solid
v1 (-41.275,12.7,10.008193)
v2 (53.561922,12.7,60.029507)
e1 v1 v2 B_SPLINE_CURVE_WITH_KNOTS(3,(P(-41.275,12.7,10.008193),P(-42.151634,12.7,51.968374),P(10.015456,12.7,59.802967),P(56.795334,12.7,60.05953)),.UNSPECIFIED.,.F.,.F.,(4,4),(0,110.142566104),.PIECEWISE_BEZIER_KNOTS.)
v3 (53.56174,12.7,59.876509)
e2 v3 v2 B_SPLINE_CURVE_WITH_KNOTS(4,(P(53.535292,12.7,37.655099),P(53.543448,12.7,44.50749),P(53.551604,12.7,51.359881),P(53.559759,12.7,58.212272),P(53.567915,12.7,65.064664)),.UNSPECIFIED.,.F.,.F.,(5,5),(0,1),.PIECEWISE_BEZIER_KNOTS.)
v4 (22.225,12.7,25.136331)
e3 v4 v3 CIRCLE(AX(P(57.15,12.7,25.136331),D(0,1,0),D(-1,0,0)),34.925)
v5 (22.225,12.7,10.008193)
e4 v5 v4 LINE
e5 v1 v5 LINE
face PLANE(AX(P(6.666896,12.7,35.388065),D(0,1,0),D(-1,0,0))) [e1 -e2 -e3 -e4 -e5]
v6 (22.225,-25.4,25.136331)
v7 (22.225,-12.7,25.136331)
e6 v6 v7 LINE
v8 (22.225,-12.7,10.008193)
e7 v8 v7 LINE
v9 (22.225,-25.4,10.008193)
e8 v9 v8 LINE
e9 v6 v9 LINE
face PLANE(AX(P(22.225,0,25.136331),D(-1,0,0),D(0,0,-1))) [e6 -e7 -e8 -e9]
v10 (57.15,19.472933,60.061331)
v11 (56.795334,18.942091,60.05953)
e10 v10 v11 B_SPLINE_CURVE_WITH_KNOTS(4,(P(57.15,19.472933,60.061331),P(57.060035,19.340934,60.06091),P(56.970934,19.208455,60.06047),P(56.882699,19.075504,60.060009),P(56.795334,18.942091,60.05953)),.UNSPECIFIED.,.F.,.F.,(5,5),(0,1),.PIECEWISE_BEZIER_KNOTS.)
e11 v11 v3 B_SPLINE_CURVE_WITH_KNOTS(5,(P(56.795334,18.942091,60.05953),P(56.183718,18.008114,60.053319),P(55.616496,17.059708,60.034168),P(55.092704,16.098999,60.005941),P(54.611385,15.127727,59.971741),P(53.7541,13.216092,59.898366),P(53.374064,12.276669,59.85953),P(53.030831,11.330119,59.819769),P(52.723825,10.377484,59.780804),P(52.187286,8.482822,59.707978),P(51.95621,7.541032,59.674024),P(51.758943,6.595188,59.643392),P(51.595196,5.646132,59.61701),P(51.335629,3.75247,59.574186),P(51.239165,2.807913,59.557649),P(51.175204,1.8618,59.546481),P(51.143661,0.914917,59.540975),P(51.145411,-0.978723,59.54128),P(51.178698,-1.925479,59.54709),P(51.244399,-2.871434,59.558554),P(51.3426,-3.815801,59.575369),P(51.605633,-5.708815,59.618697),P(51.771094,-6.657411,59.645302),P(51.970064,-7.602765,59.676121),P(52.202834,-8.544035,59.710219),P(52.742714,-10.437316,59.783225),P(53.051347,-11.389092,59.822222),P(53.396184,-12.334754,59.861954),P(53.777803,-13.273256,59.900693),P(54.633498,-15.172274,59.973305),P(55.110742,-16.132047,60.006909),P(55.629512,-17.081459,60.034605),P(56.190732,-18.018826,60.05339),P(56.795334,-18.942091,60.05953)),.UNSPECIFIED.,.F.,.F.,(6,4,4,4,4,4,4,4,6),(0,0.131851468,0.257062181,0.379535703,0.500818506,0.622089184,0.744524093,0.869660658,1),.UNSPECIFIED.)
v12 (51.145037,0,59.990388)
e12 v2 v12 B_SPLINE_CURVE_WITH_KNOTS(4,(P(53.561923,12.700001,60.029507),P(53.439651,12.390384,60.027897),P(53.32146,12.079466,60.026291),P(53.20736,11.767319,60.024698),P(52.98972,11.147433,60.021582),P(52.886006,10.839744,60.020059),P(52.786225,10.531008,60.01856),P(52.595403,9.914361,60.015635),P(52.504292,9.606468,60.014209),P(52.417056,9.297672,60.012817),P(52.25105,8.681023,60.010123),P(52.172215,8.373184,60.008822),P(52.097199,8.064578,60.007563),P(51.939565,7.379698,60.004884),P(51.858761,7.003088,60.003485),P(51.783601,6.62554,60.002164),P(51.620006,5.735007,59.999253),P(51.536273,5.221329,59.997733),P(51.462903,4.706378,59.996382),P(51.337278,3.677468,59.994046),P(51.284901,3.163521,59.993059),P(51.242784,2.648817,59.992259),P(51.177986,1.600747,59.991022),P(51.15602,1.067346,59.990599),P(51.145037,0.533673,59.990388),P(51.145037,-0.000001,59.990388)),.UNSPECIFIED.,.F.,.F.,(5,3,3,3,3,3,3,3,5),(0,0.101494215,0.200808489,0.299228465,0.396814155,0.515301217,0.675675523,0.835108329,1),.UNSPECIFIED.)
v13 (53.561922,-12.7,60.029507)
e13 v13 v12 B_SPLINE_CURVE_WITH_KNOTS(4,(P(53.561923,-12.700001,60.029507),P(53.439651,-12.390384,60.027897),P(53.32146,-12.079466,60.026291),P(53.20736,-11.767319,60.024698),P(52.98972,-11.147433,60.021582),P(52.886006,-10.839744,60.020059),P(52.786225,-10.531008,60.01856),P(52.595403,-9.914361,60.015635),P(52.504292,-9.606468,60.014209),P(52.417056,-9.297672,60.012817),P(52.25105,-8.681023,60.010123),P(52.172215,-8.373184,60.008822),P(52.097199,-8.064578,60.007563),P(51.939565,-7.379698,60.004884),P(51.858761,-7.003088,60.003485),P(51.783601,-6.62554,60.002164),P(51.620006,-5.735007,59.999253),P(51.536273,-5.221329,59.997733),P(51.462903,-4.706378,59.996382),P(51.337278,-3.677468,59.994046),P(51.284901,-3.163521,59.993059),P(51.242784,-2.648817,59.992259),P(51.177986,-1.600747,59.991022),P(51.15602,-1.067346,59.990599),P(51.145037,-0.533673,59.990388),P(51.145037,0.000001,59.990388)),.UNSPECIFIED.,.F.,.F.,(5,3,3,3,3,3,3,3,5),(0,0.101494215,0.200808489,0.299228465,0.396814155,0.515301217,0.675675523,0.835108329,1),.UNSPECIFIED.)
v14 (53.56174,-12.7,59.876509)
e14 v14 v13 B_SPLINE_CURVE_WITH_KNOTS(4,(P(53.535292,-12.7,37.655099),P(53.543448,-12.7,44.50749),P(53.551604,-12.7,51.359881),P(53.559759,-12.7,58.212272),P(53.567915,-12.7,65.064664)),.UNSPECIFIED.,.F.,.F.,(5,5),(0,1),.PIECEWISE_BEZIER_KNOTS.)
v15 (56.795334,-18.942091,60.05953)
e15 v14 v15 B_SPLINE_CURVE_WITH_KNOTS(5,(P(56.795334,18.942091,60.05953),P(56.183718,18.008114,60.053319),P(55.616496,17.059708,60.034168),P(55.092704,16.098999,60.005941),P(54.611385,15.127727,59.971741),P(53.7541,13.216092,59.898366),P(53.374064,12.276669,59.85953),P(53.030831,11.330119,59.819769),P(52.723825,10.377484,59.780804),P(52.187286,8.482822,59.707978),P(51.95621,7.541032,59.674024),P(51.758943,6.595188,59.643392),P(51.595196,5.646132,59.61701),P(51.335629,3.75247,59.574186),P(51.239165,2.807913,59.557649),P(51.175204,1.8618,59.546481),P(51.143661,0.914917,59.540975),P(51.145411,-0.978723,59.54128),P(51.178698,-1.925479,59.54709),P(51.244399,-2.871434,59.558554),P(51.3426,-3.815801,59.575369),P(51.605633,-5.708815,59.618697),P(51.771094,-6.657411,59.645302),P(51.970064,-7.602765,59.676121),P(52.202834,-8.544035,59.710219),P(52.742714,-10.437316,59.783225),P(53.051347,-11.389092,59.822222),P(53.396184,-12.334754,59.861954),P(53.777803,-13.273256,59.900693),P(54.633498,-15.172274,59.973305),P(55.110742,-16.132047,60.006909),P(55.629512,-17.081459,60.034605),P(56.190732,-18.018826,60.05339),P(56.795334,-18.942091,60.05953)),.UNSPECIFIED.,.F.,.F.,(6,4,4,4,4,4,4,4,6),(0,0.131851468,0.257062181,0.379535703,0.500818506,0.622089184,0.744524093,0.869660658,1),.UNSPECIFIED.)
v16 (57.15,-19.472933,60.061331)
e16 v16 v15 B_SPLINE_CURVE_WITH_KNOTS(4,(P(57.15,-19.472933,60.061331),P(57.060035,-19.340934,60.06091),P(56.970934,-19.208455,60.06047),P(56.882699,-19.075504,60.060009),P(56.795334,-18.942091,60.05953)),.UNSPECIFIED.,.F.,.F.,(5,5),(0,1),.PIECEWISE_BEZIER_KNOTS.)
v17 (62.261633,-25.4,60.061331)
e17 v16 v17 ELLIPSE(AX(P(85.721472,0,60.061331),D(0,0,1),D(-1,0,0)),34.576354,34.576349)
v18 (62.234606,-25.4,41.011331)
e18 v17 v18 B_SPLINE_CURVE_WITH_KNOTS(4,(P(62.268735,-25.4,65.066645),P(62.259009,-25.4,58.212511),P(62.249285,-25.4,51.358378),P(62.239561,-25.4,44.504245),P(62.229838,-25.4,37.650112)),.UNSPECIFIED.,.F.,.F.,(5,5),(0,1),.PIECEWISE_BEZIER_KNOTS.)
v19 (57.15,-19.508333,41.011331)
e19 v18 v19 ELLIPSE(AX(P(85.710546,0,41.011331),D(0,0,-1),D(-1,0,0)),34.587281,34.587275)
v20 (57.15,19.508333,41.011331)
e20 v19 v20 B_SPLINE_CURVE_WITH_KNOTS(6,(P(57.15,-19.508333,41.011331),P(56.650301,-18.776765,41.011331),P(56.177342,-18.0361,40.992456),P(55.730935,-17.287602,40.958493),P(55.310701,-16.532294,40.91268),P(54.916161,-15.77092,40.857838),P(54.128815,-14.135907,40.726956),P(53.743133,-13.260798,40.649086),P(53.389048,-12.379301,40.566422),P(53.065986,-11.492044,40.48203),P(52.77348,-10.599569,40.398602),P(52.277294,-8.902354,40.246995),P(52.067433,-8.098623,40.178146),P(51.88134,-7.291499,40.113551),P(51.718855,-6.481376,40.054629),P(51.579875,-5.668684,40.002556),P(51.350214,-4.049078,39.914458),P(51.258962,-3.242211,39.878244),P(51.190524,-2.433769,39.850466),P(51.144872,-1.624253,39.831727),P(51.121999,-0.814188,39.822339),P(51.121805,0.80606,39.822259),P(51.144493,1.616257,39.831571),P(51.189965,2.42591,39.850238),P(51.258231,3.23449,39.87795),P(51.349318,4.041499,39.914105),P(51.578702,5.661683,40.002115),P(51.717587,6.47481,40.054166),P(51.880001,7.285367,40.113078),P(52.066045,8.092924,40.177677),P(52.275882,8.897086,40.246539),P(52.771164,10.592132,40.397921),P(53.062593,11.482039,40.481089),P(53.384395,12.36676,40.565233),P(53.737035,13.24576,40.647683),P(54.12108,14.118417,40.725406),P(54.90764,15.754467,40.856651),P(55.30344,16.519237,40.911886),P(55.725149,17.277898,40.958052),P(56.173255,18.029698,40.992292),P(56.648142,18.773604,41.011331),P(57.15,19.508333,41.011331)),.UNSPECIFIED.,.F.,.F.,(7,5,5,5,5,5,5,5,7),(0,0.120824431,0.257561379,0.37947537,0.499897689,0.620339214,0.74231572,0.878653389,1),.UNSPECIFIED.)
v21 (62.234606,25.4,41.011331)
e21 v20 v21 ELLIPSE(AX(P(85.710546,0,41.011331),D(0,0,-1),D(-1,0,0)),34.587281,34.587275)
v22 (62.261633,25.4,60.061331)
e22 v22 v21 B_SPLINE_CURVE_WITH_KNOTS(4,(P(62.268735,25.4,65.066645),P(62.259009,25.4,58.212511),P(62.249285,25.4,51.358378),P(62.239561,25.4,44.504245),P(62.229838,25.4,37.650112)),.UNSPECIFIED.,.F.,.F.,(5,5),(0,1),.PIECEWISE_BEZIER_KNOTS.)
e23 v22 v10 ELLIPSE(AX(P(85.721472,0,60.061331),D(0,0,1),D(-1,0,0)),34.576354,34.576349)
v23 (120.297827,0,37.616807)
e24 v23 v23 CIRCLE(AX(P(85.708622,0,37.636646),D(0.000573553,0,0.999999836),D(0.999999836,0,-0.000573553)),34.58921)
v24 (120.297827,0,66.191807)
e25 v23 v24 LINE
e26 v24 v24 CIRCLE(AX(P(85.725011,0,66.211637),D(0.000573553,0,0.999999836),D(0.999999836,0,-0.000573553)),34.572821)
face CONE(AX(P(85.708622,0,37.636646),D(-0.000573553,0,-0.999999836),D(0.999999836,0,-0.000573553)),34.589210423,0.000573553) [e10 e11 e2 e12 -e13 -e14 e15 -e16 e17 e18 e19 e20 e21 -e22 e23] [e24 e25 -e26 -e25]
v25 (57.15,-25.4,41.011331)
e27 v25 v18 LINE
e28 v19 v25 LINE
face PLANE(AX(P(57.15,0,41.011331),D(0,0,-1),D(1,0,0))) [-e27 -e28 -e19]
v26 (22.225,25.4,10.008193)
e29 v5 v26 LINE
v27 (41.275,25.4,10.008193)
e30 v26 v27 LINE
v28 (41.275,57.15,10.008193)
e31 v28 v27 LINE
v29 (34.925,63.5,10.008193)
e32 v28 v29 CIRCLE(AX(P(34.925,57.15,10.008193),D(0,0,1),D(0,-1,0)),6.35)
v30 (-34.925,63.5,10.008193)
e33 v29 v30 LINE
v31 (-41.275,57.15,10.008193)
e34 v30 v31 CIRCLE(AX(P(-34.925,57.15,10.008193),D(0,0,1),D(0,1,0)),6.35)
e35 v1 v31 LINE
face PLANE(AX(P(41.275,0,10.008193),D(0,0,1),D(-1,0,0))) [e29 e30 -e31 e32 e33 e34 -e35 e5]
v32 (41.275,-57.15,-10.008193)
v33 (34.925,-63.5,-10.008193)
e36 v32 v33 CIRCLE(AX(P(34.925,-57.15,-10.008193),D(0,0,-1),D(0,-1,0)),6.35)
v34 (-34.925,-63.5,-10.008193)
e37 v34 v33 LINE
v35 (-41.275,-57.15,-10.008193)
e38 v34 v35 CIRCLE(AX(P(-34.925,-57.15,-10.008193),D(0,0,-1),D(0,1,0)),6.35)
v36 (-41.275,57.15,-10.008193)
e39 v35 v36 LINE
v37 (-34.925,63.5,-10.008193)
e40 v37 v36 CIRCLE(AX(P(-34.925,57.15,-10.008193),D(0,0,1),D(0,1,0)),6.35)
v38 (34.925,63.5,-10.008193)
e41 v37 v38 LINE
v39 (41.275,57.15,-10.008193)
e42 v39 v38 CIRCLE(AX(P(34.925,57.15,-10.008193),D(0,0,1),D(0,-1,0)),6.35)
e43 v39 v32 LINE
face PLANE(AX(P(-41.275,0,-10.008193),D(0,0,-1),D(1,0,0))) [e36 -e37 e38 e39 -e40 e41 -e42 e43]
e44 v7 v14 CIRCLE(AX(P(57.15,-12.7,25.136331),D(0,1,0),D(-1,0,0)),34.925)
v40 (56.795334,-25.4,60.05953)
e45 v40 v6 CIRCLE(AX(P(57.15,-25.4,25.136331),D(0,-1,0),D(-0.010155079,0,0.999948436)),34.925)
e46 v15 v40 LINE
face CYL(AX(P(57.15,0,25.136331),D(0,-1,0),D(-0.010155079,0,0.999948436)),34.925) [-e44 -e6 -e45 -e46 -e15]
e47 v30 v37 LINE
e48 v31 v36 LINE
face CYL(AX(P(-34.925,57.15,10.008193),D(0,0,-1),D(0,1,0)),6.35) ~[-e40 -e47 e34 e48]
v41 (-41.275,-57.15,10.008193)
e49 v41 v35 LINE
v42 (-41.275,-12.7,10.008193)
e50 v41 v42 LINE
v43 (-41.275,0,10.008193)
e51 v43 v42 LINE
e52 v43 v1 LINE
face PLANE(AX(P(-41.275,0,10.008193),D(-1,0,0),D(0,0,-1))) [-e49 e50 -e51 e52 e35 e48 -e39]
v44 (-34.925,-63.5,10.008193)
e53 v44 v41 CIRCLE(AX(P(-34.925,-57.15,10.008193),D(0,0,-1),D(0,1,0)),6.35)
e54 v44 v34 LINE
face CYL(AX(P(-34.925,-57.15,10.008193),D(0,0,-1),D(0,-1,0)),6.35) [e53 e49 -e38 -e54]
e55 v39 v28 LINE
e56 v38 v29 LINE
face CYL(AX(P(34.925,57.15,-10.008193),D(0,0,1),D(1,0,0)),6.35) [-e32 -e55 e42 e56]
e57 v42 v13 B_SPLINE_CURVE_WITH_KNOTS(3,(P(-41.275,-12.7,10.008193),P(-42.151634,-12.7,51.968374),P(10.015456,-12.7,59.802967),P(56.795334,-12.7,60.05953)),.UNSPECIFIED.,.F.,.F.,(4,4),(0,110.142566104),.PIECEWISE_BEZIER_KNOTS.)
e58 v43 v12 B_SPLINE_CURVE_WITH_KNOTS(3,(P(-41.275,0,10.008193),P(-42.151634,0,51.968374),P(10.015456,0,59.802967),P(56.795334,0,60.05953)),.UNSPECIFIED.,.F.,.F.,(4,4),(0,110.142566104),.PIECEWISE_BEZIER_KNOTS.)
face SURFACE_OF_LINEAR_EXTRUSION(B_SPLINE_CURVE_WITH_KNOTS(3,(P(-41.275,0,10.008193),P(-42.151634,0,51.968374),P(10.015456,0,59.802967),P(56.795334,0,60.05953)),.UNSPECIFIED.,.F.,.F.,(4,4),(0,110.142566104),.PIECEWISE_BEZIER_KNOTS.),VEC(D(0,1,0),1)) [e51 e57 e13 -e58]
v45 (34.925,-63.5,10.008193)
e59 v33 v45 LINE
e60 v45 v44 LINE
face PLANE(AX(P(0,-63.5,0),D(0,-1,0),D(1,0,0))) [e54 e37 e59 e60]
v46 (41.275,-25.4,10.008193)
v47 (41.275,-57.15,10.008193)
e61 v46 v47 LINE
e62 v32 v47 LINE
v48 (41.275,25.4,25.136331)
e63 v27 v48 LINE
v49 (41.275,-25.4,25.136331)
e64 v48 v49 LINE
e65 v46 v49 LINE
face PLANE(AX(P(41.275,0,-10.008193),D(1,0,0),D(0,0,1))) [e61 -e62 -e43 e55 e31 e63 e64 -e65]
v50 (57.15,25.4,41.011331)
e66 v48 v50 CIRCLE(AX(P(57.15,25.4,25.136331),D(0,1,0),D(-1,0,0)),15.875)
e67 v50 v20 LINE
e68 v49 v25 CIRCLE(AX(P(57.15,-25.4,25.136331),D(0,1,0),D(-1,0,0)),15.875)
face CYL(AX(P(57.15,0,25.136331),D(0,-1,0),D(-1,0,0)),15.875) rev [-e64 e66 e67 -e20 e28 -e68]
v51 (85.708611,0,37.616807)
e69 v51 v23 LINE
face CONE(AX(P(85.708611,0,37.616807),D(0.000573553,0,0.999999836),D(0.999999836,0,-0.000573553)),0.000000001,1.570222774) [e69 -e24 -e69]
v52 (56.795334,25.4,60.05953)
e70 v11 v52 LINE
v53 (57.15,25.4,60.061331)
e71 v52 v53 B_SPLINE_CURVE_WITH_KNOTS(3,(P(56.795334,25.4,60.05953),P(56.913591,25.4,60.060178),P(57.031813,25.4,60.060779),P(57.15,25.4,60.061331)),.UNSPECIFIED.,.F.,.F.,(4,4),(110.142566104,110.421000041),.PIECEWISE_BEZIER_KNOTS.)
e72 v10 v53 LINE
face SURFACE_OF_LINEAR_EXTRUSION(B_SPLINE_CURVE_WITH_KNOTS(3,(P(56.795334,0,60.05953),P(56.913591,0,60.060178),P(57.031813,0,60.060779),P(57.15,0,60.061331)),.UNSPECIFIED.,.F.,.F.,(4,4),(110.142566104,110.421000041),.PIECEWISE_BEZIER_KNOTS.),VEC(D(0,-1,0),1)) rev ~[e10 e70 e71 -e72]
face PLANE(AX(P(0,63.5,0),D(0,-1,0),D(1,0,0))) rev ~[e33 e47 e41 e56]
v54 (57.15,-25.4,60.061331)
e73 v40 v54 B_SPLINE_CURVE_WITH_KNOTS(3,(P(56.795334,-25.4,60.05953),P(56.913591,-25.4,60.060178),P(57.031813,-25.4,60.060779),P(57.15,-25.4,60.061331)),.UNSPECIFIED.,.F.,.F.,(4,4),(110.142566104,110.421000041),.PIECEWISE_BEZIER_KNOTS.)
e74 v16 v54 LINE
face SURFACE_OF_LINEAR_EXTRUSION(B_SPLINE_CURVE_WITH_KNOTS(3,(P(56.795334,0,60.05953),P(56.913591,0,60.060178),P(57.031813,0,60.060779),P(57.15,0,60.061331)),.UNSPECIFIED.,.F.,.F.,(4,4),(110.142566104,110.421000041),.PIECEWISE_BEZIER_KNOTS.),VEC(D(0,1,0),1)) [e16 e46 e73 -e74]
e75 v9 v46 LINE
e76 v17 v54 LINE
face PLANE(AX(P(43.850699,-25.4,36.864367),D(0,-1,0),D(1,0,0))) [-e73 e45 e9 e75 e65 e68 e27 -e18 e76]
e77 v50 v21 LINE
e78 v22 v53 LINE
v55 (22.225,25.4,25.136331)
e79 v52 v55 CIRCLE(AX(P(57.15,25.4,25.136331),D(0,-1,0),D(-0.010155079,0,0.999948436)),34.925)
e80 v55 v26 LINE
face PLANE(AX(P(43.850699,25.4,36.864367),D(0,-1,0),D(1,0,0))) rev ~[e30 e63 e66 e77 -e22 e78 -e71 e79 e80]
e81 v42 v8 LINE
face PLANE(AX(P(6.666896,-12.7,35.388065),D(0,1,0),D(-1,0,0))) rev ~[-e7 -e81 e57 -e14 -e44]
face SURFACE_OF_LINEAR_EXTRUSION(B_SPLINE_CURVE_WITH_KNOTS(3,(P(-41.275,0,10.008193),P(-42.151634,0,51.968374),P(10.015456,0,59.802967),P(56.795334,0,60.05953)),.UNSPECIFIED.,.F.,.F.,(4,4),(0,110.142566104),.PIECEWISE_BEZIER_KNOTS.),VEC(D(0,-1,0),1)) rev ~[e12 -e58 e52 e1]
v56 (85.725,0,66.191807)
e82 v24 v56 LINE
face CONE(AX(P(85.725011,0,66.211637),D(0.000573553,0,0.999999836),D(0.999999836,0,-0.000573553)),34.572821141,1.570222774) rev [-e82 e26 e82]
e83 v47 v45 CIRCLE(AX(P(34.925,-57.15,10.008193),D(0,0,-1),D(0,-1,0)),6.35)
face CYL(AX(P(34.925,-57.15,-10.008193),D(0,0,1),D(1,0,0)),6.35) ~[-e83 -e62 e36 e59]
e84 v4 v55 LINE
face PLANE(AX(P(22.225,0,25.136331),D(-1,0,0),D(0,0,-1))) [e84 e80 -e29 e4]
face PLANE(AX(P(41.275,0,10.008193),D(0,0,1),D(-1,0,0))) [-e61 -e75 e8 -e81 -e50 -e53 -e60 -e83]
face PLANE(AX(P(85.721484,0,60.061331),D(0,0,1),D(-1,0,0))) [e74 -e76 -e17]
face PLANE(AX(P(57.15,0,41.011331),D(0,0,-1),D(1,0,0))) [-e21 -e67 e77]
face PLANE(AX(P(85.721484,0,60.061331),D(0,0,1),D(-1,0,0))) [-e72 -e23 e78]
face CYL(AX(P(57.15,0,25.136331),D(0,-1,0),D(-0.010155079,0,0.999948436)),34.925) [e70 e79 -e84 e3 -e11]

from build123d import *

# Parameters (mm, degrees)
F1_DEPTH = 63.5
F2_DEPTH = 25.4
F4_R     = 6.35
F5_DEPTH = 12.7


with BuildPart() as f1:
    # F0 (on Front) → F1 (new body, symmetric)
    with BuildSketch(Plane.XZ):
        Polygon((-41.275, -10.008192715), (41.275, -10.008192715), (41.275, 10.008192715), (22.225, 10.008192715), (-41.275, 10.008192715), align=None)
    extrude(amount=F1_DEPTH, both=True)

    # F0 (on Front) → F2 (join, symmetric)
    with BuildSketch(Plane.XZ):
        with BuildLine():
            Line((22.225, 10.008192715), (41.275, 10.008192715))
            Line((41.275, 10.008192715), (41.275, 25.136330729))
            ThreePointArc((41.275, 25.136330729), (45.9246798487, 36.3616508803), (57.15, 41.011330729))
            Line((57.15, 41.011330729), (69.4978268266, 41.011330729))
            Line((69.4978268266, 41.011330729), (69.4978268266, 60.061330729))
            Line((69.4978268266, 60.061330729), (57.15, 60.061330729))
            add(Edge.make_bspline(
                [(56.7953338747, 60.0595298514), (56.913590658, 60.0601784283), (57.0318130144, 60.0607785778), (57.15, 60.061330729)],
                knots=[110.1425661044, 110.1425661044, 110.1425661044, 110.1425661044, 110.421000041, 110.421000041, 110.421000041, 110.421000041], degree=3))
            ThreePointArc((56.7953338747, 60.0595298514), (32.3292189947, 49.7063216791), (22.225, 25.136330729))
            Line((22.225, 25.136330729), (22.225, 10.008192715))
        make_face()
        Polygon((69.4978268266, 60.061330729), (69.4978268266, 41.011330729), (85.7105576537, 41.011330729), (85.7214838447, 60.061330729), align=None)
    extrude(amount=F2_DEPTH, both=True)

    # F0 (on Front) → F3 (revolve)
    with BuildSketch(Plane.XZ):
        Polygon((85.7214838447, 60.061330729), (85.7105576537, 41.011330729), (85.7086107135, 37.616807285), (120.2978268266, 37.616807285), (120.2978268266, 66.191807285), (85.725, 66.191807285), align=None)
    revolve(axis=Axis((85.7168053567, 0, 51.904307285), (0.0005735532, 0, 0.9999998355)))

    # F4
    f4_edges = [f1.edges().sort_by_distance(p)[0] for p in [
        (-41.275, -63.5, 0),
        (41.275, -63.5, 0),
        (41.275, 63.5, 0),
        (-41.275, 63.5, 0),
    ]]
    fillet(f4_edges, radius=F4_R)

    # F0 (on Front) → F5 (join, symmetric)
    with BuildSketch(Plane.XZ):
        with BuildLine():
            add(Edge.make_bspline(
                [(-41.275, 10.008192715), (-42.1516341182, 51.9683743999), (10.0154559074, 59.8029665762), (56.7953338747, 60.0595298514)],
                knots=[0, 0, 0, 0, 110.1425661044, 110.1425661044, 110.1425661044, 110.1425661044], degree=3))
            Line((-41.275, 10.008192715), (22.225, 10.008192715))
            Line((22.225, 10.008192715), (22.225, 25.136330729))
            ThreePointArc((22.225, 25.136330729), (32.3292189947, 49.7063216791), (56.7953338747, 60.0595298514))
        make_face()
    extrude(amount=F5_DEPTH, both=True)


solid = f1.part
